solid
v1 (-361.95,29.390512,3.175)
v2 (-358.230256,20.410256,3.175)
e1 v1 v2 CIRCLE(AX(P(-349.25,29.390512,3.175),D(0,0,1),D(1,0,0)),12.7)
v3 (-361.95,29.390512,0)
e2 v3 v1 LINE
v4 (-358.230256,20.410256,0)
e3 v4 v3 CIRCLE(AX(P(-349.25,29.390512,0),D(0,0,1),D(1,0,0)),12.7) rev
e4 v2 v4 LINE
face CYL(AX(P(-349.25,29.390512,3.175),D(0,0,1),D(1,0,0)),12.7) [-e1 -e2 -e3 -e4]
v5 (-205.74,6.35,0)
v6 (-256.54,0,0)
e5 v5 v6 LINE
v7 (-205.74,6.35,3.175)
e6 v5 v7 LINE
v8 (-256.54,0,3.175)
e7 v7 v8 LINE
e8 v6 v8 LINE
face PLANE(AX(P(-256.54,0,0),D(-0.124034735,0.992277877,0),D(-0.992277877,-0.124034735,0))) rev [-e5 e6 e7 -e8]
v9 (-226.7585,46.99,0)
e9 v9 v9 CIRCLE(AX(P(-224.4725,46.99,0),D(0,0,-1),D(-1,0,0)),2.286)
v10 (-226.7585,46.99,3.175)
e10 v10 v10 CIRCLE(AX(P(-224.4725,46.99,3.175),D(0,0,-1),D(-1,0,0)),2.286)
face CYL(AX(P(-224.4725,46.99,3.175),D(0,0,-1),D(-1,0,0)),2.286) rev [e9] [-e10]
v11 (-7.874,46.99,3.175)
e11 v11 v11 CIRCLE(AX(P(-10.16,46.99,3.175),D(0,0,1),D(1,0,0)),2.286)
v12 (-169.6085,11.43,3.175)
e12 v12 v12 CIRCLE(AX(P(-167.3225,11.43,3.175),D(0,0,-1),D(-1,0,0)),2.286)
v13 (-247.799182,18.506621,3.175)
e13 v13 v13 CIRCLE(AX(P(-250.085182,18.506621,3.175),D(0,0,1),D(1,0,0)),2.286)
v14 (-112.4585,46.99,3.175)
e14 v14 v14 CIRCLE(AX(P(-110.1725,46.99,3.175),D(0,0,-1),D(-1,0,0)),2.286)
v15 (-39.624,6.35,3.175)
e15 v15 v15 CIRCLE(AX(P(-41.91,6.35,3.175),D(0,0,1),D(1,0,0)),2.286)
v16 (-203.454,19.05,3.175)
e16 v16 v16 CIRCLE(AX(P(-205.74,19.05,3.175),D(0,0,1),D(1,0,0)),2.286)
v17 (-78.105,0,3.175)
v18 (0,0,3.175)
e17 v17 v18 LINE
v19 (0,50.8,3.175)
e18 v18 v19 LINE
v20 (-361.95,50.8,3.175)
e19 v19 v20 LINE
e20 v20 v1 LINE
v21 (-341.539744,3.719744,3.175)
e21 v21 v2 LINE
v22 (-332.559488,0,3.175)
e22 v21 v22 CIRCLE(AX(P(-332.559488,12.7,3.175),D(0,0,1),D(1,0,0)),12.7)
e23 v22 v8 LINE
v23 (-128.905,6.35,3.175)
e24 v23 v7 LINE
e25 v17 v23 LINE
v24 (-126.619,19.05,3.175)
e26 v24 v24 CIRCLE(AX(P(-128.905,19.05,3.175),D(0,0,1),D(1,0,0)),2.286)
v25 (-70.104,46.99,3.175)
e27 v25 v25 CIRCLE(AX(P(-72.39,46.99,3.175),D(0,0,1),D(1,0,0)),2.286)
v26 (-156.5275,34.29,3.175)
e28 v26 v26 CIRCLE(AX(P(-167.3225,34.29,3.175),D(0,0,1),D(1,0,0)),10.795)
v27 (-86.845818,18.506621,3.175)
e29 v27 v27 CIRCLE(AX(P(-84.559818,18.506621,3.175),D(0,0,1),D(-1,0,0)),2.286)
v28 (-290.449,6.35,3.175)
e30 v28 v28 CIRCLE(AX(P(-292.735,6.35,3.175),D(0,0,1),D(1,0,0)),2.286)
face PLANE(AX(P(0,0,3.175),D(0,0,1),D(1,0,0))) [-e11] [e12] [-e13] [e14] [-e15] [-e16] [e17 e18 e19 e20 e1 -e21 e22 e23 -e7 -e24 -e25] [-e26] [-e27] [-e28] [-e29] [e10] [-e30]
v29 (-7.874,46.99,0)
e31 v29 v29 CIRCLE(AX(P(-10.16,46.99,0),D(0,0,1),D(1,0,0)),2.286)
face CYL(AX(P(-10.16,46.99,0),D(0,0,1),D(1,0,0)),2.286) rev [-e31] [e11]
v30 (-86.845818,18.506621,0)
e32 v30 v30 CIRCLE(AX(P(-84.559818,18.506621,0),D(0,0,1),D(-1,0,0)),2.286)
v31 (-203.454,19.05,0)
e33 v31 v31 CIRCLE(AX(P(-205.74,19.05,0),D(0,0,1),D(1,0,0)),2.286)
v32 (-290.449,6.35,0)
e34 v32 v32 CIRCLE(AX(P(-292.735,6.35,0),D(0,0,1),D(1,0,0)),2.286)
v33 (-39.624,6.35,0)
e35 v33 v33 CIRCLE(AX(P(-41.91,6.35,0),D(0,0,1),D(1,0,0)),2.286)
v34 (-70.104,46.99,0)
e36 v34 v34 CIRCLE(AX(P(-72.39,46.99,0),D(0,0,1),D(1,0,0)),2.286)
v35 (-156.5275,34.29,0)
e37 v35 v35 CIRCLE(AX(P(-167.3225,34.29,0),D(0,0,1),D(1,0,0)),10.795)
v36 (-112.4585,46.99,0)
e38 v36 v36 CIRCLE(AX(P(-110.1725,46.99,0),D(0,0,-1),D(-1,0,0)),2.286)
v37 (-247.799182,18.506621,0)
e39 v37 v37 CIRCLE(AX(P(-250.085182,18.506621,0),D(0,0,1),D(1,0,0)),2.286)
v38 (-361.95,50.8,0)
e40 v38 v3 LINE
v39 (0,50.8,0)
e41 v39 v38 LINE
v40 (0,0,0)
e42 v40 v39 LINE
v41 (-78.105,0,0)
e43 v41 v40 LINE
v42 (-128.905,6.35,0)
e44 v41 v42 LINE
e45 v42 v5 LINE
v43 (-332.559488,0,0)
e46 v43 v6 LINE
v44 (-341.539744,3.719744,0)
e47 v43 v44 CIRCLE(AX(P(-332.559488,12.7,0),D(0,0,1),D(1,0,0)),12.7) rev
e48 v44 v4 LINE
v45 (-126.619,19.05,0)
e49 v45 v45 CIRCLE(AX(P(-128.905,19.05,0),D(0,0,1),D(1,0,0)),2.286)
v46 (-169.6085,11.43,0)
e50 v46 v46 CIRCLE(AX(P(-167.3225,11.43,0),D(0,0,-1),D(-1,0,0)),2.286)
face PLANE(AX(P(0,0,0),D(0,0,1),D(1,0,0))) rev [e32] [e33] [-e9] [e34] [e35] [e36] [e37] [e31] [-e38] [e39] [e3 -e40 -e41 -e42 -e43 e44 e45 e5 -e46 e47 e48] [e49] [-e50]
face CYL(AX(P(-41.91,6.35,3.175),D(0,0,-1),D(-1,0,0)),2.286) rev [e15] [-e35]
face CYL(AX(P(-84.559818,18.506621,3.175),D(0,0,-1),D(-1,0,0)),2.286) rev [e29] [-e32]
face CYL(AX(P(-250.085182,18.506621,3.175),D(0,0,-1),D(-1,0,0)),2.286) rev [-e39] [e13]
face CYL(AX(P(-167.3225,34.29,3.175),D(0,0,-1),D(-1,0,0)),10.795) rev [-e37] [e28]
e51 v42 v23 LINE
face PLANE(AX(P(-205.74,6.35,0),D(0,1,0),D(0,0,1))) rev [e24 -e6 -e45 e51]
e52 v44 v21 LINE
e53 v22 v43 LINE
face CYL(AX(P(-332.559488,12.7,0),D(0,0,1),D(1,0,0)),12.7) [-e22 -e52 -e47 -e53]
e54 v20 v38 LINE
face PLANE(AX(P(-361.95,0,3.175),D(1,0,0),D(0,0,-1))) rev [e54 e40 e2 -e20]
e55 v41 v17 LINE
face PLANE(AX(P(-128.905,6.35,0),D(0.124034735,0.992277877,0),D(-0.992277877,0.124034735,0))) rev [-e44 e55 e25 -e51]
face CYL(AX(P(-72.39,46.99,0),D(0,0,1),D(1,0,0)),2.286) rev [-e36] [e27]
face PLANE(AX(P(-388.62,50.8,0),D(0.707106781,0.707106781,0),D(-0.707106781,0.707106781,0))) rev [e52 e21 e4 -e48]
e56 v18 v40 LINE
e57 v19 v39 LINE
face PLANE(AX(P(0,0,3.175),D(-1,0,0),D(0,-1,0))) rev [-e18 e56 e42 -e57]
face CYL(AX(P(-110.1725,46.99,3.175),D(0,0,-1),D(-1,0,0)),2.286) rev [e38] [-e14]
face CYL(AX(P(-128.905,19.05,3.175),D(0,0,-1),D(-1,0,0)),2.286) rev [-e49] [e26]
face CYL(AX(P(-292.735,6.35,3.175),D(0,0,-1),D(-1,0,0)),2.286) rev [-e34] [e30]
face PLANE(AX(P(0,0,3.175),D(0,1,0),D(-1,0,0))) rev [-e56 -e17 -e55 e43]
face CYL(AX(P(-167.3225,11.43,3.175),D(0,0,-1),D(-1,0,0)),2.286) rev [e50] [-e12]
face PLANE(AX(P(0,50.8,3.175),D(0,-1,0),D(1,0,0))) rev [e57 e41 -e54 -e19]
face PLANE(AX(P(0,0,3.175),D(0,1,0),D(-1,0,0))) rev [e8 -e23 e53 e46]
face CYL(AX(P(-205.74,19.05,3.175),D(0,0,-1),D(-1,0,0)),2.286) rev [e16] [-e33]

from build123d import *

# Parameters (mm, degrees)
SKETCH1_W           = 361.95
SKETCH1_H           = 50.8
SKETCH1_R           = 2.286
SKETCH1_R_2         = 10.795
BOSS_EXTRUDE1_DEPTH = 3.175
CUT_EXTRUDE1_DEPTH  = 366.511317369
FILLET1_R           = 12.7
CUT_EXTRUDE2_DEPTH  = 366.511317369
SKETCH4_R           = 2.286
CUT_EXTRUDE3_DEPTH  = 366.511317369
SKETCH6_R           = 2.286
CUT_EXTRUDE4_DEPTH  = 366.511317369


with BuildPart() as part:
    # Sketch1 → Boss-Extrude1 (new body)
    with BuildSketch(Plane.XY):
        with Locations((-180.975, 25.4)):
            Rectangle(SKETCH1_W, SKETCH1_H)
        with Locations((-41.91, 6.35)):
            Circle(SKETCH1_R, mode=Mode.SUBTRACT)
        with Locations((-292.735, 6.35)):
            Circle(SKETCH1_R, mode=Mode.SUBTRACT)
        with Locations((-128.905, 19.05)):
            Circle(SKETCH1_R, mode=Mode.SUBTRACT)
        with Locations((-205.74, 19.05)):
            Circle(SKETCH1_R, mode=Mode.SUBTRACT)
        with Locations((-167.3225, 34.29)):
            Circle(SKETCH1_R_2, mode=Mode.SUBTRACT)
        with Locations((-250.085181934, 18.50662125)):
            Circle(SKETCH1_R, mode=Mode.SUBTRACT)
        with Locations(Location((-84.559818066, 18.50662125, 0), (0, 0, 180))):
            Circle(SKETCH1_R, mode=Mode.SUBTRACT)
    extrude(amount=BOSS_EXTRUDE1_DEPTH)

    # Sketch2 → Cut-Extrude1 (cut, through all)
    with BuildSketch(Plane.XY.offset(3.175)):
        Polygon((-388.62, 50.8), (-337.82, 0), (-388.62, 0), align=None)
    extrude(amount=-CUT_EXTRUDE1_DEPTH, mode=Mode.SUBTRACT)

    # Fillet1
    fillet1_edges = [part.edges().sort_by_distance(p)[0] for p in [
        (-337.82, 0, 1.5875),
        (-361.95, 24.13, 1.5875),
    ]]
    fillet(fillet1_edges, radius=FILLET1_R)

    # Sketch3 → Cut-Extrude2 (cut, through all)
    with BuildSketch(Plane.XY.offset(3.175)):
        Polygon((-256.54, 0), (-205.74, 6.35), (-128.905, 6.35), (-78.105, 0), align=None)
    extrude(amount=-CUT_EXTRUDE2_DEPTH, mode=Mode.SUBTRACT)

    # Sketch4 → Cut-Extrude3 (cut, through all)
    with BuildSketch(Plane(origin=(0, 0, 0), x_dir=(-1, 0, 0), z_dir=(0, 0, -1))):
        with Locations((110.1725, 46.99)):
            Circle(SKETCH4_R)
        with Locations((167.3225, 11.43)):
            Circle(SKETCH4_R)
        with Locations((224.4725, 46.99)):
            Circle(SKETCH4_R)
    extrude(amount=-CUT_EXTRUDE3_DEPTH, mode=Mode.SUBTRACT)

    # Sketch6 → Cut-Extrude4 (cut, through all)
    with BuildSketch(Plane.XY.offset(3.175)):
        with Locations((-72.39, 46.99)):
            Circle(SKETCH6_R)
        with Locations((-10.16, 46.99)):
            Circle(SKETCH6_R)
    extrude(amount=-CUT_EXTRUDE4_DEPTH, mode=Mode.SUBTRACT)


solid = part.part
